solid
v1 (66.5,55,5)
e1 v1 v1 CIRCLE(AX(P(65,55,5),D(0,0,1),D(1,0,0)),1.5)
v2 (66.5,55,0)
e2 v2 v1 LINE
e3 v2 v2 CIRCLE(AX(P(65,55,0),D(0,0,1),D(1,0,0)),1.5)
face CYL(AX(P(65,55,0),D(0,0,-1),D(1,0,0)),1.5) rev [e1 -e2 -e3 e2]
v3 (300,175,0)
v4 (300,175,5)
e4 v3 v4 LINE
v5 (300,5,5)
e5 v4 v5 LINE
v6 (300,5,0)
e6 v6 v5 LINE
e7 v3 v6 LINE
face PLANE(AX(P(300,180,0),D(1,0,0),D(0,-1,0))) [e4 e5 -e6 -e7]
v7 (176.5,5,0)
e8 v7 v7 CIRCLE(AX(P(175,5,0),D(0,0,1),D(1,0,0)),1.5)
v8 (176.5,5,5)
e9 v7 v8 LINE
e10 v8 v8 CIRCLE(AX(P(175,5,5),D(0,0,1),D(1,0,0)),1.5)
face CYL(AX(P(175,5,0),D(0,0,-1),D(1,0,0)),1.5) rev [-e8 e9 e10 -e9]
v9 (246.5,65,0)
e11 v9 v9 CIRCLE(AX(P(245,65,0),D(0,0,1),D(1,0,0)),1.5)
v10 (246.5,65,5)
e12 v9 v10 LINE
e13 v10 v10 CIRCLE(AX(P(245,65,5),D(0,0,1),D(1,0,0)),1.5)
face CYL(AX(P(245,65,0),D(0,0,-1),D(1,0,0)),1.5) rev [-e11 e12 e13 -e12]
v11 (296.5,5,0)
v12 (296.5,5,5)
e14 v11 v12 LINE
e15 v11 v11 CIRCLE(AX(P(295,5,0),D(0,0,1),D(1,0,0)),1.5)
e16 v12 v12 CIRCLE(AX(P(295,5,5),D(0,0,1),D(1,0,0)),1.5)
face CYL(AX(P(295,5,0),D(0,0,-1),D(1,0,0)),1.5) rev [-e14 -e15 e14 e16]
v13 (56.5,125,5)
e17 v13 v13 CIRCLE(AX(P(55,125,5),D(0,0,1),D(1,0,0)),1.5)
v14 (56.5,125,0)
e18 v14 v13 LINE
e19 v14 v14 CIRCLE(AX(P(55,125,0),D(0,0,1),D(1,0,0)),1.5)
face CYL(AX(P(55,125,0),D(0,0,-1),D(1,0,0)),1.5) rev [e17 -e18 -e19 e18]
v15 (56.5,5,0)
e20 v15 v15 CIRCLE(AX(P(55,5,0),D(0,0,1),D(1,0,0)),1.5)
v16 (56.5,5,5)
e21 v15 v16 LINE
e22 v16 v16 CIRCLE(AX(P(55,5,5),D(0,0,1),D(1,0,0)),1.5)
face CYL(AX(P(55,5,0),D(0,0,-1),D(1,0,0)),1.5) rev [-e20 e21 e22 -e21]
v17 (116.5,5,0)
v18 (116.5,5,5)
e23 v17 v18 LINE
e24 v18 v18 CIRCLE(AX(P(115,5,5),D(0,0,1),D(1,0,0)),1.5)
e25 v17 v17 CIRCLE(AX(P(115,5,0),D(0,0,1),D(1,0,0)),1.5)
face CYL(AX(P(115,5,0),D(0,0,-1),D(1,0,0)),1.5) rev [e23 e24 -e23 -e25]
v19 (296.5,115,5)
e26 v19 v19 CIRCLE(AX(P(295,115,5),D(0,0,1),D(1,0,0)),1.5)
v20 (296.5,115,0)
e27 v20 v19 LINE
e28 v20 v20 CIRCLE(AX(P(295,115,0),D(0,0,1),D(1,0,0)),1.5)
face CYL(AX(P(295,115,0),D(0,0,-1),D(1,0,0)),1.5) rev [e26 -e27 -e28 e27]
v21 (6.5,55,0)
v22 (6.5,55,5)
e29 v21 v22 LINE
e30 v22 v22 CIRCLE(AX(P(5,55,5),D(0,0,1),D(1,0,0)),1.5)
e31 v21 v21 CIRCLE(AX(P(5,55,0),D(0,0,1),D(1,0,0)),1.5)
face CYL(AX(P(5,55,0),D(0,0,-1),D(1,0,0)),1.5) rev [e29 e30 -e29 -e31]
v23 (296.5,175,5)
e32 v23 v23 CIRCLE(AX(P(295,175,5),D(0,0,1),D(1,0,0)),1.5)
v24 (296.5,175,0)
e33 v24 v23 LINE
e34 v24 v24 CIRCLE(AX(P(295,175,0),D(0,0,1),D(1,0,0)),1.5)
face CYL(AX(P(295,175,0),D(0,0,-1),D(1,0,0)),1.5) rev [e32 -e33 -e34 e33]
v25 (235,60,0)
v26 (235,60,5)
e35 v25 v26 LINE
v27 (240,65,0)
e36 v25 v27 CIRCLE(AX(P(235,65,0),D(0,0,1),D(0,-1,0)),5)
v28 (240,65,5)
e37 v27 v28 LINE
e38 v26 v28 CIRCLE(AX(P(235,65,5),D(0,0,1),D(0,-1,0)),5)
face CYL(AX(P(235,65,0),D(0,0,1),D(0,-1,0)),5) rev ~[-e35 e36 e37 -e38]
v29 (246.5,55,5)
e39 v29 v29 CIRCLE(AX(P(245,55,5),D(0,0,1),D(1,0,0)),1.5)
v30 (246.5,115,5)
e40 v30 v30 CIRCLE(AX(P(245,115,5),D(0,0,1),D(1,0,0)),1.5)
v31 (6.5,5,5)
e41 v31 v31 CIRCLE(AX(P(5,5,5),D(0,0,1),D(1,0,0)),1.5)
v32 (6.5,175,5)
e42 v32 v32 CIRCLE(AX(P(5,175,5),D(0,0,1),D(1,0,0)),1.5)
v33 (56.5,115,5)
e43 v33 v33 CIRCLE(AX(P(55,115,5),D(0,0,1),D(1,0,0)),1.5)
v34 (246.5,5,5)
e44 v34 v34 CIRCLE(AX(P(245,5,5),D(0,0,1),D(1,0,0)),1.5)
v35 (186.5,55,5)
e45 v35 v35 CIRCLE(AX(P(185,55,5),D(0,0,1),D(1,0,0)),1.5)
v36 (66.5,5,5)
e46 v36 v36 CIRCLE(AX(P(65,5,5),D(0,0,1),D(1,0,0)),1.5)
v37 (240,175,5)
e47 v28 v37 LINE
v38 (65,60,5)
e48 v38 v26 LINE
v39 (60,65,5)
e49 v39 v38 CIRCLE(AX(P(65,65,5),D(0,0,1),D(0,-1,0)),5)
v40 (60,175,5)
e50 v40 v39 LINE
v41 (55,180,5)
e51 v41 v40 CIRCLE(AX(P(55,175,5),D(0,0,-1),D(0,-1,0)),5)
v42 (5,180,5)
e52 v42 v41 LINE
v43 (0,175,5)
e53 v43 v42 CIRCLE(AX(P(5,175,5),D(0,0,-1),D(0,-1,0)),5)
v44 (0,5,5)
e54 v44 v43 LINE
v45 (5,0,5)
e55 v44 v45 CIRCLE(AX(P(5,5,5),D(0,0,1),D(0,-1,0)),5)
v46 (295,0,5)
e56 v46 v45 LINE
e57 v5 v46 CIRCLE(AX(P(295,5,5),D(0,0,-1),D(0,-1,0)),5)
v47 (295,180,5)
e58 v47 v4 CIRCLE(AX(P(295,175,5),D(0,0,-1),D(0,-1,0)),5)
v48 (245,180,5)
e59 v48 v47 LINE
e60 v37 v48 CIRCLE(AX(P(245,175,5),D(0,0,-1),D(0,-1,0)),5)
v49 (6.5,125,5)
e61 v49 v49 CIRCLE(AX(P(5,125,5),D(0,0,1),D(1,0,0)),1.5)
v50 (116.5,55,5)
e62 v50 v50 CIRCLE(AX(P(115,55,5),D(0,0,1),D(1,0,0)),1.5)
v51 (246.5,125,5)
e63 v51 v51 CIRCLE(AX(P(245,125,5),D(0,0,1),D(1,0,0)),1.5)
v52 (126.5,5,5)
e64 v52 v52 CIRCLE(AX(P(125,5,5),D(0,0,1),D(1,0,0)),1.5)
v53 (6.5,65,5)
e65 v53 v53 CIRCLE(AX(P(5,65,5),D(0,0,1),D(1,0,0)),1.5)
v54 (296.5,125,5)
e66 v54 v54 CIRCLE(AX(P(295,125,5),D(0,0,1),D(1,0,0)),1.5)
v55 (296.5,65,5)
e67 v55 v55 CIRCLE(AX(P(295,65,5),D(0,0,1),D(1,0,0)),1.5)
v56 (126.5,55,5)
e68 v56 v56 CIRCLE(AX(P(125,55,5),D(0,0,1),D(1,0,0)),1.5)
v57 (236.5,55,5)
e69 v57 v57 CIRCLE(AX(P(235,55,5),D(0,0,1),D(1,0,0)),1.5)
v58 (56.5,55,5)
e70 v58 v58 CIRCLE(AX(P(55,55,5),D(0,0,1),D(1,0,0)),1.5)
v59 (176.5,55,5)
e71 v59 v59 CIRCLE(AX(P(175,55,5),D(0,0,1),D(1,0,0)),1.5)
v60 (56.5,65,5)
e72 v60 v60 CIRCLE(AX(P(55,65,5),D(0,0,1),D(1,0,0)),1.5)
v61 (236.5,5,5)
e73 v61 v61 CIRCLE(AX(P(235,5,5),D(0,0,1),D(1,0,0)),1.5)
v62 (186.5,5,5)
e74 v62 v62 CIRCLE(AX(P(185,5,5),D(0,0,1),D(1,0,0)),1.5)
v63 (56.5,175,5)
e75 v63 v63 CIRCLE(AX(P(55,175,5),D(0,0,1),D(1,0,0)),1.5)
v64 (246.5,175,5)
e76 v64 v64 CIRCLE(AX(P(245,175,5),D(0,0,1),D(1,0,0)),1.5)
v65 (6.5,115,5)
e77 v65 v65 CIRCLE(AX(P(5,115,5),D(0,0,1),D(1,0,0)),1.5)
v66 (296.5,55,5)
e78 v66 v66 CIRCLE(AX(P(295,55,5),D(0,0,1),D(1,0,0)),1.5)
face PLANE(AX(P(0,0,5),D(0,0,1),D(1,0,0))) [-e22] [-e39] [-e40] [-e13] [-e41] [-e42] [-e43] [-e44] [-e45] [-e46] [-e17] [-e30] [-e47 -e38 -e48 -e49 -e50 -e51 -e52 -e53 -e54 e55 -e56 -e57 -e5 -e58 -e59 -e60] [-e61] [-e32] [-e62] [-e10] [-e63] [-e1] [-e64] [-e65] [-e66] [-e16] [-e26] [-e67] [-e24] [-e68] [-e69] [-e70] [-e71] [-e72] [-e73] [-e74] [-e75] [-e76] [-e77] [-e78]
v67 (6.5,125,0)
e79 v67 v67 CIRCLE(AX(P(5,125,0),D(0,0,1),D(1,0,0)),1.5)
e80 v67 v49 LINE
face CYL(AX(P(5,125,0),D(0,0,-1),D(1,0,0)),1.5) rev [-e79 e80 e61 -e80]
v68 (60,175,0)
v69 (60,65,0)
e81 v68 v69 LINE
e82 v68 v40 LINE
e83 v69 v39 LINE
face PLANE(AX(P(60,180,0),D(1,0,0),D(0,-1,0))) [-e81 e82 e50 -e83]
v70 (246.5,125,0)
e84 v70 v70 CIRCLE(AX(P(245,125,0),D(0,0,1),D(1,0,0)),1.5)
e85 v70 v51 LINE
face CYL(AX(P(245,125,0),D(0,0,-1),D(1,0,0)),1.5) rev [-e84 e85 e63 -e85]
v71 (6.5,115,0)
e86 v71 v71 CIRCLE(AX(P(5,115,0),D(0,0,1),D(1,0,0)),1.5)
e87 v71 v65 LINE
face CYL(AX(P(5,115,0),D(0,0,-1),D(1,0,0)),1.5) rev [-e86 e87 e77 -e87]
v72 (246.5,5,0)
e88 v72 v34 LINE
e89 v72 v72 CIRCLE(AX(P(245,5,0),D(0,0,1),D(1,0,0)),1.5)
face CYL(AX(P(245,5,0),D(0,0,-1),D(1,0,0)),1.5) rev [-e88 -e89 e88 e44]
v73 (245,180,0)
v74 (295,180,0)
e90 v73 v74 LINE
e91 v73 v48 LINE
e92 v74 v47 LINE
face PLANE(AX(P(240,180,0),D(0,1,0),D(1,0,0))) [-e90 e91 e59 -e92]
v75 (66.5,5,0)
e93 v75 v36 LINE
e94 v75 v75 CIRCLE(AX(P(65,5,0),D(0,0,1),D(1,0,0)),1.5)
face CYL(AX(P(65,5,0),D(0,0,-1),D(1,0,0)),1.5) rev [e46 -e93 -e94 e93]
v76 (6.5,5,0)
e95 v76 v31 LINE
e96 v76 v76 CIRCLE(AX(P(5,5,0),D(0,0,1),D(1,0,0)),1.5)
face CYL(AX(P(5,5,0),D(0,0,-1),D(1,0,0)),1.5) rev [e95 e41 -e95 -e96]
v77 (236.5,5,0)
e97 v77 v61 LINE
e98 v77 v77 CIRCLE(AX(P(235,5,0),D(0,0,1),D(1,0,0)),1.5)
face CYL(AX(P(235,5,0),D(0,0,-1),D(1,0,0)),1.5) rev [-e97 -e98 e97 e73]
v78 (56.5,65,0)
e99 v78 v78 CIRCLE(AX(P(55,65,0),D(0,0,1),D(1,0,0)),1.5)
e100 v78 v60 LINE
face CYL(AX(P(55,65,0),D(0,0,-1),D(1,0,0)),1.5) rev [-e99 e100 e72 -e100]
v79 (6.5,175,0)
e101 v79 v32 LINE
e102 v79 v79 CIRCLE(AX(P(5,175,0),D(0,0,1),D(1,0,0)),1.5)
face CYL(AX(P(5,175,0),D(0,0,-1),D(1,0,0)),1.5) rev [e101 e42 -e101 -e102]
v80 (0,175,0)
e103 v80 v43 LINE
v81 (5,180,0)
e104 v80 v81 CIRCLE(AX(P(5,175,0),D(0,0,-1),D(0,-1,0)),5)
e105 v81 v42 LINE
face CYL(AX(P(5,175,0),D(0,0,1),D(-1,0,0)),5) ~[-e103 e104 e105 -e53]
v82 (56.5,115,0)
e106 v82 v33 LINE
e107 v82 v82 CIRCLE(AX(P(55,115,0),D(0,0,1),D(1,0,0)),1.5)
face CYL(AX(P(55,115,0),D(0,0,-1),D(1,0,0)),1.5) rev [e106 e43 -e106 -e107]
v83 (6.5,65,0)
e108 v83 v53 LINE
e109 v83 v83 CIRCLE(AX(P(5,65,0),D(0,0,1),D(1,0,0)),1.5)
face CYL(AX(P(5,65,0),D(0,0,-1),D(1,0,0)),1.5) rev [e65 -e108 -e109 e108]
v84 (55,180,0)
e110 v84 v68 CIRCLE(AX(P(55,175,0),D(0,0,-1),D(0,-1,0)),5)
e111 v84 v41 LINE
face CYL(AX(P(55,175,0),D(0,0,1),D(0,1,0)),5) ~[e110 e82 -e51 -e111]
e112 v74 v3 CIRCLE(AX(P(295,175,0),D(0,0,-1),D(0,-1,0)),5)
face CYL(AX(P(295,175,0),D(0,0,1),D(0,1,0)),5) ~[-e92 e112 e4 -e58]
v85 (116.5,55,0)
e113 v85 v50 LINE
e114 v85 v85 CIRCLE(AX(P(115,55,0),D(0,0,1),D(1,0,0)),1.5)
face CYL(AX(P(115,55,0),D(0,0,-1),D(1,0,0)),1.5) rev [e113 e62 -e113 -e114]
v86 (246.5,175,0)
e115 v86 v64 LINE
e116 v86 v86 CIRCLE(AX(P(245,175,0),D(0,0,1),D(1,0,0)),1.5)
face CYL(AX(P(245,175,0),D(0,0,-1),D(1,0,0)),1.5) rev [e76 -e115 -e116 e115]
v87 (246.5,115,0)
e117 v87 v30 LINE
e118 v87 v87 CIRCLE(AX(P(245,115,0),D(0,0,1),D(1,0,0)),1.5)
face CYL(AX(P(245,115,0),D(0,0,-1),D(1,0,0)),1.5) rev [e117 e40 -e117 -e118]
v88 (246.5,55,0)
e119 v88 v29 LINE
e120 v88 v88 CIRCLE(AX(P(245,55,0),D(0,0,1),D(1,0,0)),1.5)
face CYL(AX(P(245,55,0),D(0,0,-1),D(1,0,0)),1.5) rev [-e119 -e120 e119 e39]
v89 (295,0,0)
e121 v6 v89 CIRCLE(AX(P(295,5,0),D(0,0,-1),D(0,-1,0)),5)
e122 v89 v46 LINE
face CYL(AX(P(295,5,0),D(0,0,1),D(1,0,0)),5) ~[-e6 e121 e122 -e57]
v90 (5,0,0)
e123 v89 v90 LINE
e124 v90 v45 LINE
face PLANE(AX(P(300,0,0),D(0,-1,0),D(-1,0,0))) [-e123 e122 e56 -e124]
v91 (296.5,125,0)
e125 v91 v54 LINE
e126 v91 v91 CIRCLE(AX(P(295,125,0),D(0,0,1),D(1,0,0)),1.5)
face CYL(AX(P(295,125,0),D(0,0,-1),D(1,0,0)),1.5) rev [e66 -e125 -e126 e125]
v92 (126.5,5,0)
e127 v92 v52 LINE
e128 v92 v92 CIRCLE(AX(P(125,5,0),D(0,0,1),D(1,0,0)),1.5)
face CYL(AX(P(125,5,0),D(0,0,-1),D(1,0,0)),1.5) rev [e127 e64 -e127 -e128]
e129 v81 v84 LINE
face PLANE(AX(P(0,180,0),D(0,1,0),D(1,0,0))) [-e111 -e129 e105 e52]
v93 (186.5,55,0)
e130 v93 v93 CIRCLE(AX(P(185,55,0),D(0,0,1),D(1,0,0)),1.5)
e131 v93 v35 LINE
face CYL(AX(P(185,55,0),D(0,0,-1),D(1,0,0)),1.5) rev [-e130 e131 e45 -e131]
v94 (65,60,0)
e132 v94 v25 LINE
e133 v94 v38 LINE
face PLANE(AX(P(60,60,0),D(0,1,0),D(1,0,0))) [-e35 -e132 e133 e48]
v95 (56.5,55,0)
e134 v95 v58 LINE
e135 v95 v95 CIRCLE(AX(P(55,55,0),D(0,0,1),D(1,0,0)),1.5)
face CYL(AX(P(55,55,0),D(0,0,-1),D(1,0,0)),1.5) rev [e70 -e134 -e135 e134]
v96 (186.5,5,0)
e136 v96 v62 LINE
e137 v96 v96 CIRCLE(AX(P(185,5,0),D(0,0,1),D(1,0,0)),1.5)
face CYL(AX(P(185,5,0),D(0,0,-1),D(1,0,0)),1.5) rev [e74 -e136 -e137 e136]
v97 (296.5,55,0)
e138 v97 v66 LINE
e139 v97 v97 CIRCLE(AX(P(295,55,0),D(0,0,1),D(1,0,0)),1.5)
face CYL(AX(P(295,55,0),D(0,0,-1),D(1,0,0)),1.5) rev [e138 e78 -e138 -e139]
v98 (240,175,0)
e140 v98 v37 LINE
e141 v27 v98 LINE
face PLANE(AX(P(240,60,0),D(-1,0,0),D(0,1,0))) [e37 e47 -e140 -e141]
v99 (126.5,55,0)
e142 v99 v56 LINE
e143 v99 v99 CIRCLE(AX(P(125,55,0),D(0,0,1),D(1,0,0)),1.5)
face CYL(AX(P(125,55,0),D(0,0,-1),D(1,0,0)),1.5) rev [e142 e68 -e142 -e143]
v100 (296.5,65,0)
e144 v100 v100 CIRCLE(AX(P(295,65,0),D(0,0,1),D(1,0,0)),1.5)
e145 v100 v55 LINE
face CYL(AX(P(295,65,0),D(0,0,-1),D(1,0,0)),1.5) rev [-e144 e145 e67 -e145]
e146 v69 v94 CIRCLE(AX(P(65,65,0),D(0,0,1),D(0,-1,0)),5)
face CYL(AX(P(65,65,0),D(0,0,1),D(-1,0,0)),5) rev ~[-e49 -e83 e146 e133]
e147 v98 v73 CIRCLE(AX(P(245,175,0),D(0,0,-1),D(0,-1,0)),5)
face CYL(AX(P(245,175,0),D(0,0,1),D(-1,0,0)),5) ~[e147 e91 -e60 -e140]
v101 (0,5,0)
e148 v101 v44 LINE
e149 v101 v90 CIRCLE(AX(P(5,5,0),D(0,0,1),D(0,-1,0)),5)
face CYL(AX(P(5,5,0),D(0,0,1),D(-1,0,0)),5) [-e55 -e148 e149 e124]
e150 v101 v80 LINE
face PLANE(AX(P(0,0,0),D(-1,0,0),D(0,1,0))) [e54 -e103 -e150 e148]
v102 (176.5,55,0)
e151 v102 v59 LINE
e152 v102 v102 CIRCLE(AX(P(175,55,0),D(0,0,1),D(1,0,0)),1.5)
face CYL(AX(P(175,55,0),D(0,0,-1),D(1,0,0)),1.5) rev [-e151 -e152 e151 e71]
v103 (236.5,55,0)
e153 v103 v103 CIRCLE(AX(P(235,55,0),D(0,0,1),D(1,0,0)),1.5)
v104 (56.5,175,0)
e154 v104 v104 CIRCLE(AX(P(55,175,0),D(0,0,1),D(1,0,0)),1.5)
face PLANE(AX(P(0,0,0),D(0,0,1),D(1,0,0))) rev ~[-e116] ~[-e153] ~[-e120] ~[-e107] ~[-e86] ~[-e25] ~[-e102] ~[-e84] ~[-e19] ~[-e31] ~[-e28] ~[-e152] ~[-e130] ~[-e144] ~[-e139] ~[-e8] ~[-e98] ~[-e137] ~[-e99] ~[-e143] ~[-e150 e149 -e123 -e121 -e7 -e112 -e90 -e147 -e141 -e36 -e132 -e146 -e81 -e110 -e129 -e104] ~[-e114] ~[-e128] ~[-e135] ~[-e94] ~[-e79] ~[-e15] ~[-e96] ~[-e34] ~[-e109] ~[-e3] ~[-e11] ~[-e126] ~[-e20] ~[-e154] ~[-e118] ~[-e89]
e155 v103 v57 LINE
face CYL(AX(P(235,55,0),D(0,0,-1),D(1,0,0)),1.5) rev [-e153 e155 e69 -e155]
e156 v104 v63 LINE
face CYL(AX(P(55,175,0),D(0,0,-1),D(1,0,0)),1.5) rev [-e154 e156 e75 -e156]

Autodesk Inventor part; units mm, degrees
ref_plane "YZ Plane" through (0, 0, 0) normal (1, 0, 0) x (0, 1, 0)
ref_plane "XZ Plane" through (0, 0, 0) normal (0, 1, 0) x (-1, 0, 0)
ref_plane "XY Plane" through (0, 0, 0) normal (0, 0, 1) x (1, 0, 0)
sketch "Sketch1" plane through (0, 0, 0) normal (0, 0, 1) x (1, 0, 0)
  line L0 (0, 0) -> (0, 180)
  line L1 (0, 180) -> (60, 180)
  line L2 (60, 180) -> (60, 60)
  line L3 (60, 60) -> (240, 60)
  line L4 (240, 60) -> (240, 180)
  line L5 (240, 180) -> (300, 180)
  line L6 (300, 180) -> (300, 0)
  line L7 (300, 0) -> (0, 0)
  line L8 (60, 60) -> (0, 60) construction
  line L9 (60, 60) -> (60, 0) construction
  line L10 (240, 60) -> (300, 60) construction
  line L11 (240, 60) -> (240, 0) construction
  line L12 (240, 60) -> (180, 60) construction
  line L13 (180, 60) -> (180, 0) construction
  line L14 (180, 60) -> (120, 60) construction
  line L15 (120, 60) -> (120, 0) construction
  line L16 (240, 60) -> (240, 120) construction
  line L17 (240, 120) -> (300, 120) construction
  line L18 (60, 60) -> (60, 120) construction
  line L19 (60, 120) -> (0, 120) construction
  line L20 (0, 120) -> (60, 180) construction
  line L21 (0, 60) -> (60, 120) construction
  line L22 (0, 0) -> (60, 60) construction
  line L23 (60, 0) -> (120, 60) construction
  line L24 (120, 0) -> (180, 60) construction
  line L25 (180, 0) -> (240, 60) construction
  line L26 (240, 0) -> (300, 60) construction
  line L27 (240, 60) -> (300, 120) construction
  line L28 (240, 120) -> (300, 180) construction
  line L29 (5, 175) -> (55, 175) construction
  line L30 (55, 175) -> (55, 125) construction
  line L31 (55, 125) -> (5, 125) construction
  line L32 (5, 125) -> (5, 175) construction
  line L33 (5, 175) -> (55, 125) construction
  line L34 (55, 175) -> (5, 125) construction
  line L35 (5, 115) -> (55, 115) construction
  line L36 (55, 115) -> (55, 65) construction
  line L37 (55, 65) -> (5, 65) construction
  line L38 (5, 65) -> (5, 115) construction
  line L39 (5, 115) -> (55, 65) construction
  line L40 (55, 115) -> (5, 65) construction
  line L41 (5, 55) -> (55, 55) construction
  line L42 (55, 55) -> (55, 5) construction
  line L43 (55, 5) -> (5, 5) construction
  line L44 (5, 5) -> (5, 55) construction
  line L45 (5, 55) -> (55, 5) construction
  line L46 (55, 55) -> (5, 5) construction
  line L47 (65, 55) -> (115, 55) construction
  line L48 (115, 55) -> (115, 5) construction
  line L49 (115, 5) -> (65, 5) construction
  line L50 (65, 5) -> (65, 55) construction
  line L51 (65, 55) -> (115, 5) construction
  line L52 (115, 55) -> (65, 5) construction
  line L53 (125, 5) -> (175, 5) construction
  line L54 (175, 5) -> (175, 55) construction
  line L55 (175, 55) -> (125, 55) construction
  line L56 (125, 55) -> (125, 5) construction
  line L57 (125, 5) -> (175, 55) construction
  line L58 (175, 5) -> (125, 55) construction
  line L59 (185, 5) -> (235, 5) construction
  line L60 (235, 5) -> (235, 55) construction
  line L61 (235, 55) -> (185, 55) construction
  line L62 (185, 55) -> (185, 5) construction
  line L63 (185, 5) -> (235, 55) construction
  line L64 (235, 5) -> (185, 55) construction
  line L65 (245, 5) -> (295, 5) construction
  line L66 (295, 5) -> (295, 55) construction
  line L67 (295, 55) -> (245, 55) construction
  line L68 (245, 55) -> (245, 5) construction
  line L69 (245, 5) -> (295, 55) construction
  line L70 (295, 5) -> (245, 55) construction
  line L71 (295, 65) -> (245, 65) construction
  line L72 (245, 65) -> (245, 115) construction
  line L73 (245, 115) -> (295, 115) construction
  line L74 (295, 115) -> (295, 65) construction
  line L75 (295, 65) -> (245, 115) construction
  line L76 (245, 65) -> (295, 115) construction
  line L77 (245, 125) -> (295, 125) construction
  line L78 (295, 125) -> (295, 175) construction
  line L79 (295, 175) -> (245, 175) construction
  line L80 (245, 175) -> (245, 125) construction
  line L81 (245, 125) -> (295, 175) construction
  line L82 (295, 125) -> (245, 175) construction
  circle A0 centre (245, 175) radius 1.5
  circle A1 centre (295, 175) radius 1.5
  circle A2 centre (295, 125) radius 1.5
  circle A3 centre (245, 125) radius 1.5
  circle A4 centre (245, 115) radius 1.5
  circle A5 centre (295, 115) radius 1.5
  circle A6 centre (295, 65) radius 1.5
  circle A7 centre (245, 65) radius 1.5
  circle A8 centre (245, 55) radius 1.5
  circle A9 centre (295, 55) radius 1.5
  circle A10 centre (295, 5) radius 1.5
  circle A11 centre (245, 5) radius 1.5
  circle A12 centre (235, 55) radius 1.5
  circle A13 centre (185, 55) radius 1.5
  circle A14 centre (185, 5) radius 1.5
  circle A15 centre (235, 5) radius 1.5
  circle A16 centre (125, 55) radius 1.5
  circle A17 centre (175, 55) radius 1.5
  circle A18 centre (175, 5) radius 1.5
  circle A19 centre (125, 5) radius 1.5
  circle A20 centre (115, 55) radius 1.5
  circle A21 centre (65, 55) radius 1.5
  circle A22 centre (65, 5) radius 1.5
  circle A23 centre (115, 5) radius 1.5
  circle A24 centre (5, 55) radius 1.5
  circle A25 centre (55, 55) radius 1.5
  circle A26 centre (55, 5) radius 1.5
  circle A27 centre (5, 5) radius 1.5
  circle A28 centre (5, 65) radius 1.5
  circle A29 centre (55, 65) radius 1.5
  circle A30 centre (5, 115) radius 1.5
  circle A31 centre (55, 115) radius 1.5
  circle A32 centre (5, 125) radius 1.5
  circle A33 centre (55, 125) radius 1.5
  circle A34 centre (5, 175) radius 1.5
  circle A35 centre (55, 175) radius 1.5
  point P0 (30, 150)
  point P1 (30, 90)
  point P2 (30, 30)
  point P3 (90, 30)
  point P4 (150, 30)
  point P5 (210, 30)
  point P6 (270, 30)
  point P7 (270, 90)
  point P8 (270, 150)
  dimension "d0" = 180
  dimension "d1" = 60
  dimension "d2" = 120
  dimension "d3" = 180
  dimension "d4" = 60
  dimension "d5" = 60
  dimension "d6" = 60
  dimension "d7" = 60
  dimension "d8" = 60
  dimension "d9" = 50
  dimension "d10" = 50
  dimension "d11" = 50
  dimension "d12" = 50
  dimension "d13" = 50
  dimension "d14" = 50
  dimension "d15" = 50
  dimension "d16" = 50
  dimension "d17" = 50
  dimension "d18" = 50
  dimension "d19" = 50
  dimension "d20" = 50
  dimension "d21" = 50
  dimension "d22" = 50
  dimension "d23" = 50
  dimension "d24" = 50
  dimension "d25" = 50
  dimension "d26" = 50
  dimension "d27" = 3
  dimension "d28" = 3
  dimension "d29" = 3
  dimension "d30" = 3
  dimension "d31" = 3
  dimension "d32" = 3
  dimension "d33" = 3
  dimension "d34" = 3
  dimension "d35" = 3
  dimension "d36" = 3
  dimension "d37" = 3
  dimension "d38" = 3
  dimension "d39" = 3
  dimension "d40" = 3
  dimension "d41" = 3
  dimension "d42" = 3
  dimension "d43" = 3
  dimension "d44" = 3
  dimension "d45" = 3
  dimension "d46" = 3
  dimension "d47" = 3
  dimension "d48" = 3
  dimension "d49" = 3
  dimension "d50" = 3
  dimension "d51" = 3
  dimension "d52" = 3
  dimension "d53" = 3
  dimension "d54" = 3
  dimension "d55" = 3
  dimension "d56" = 3
  dimension "d57" = 3
  dimension "d58" = 3
  dimension "d59" = 3
  dimension "d60" = 3
  dimension "d61" = 3
  dimension "d62" = 3
extrude "Extrusion1" add sketch "Sketch1" along normal blind 5
fillet "Fillet1" radius 5 8 edges at (0, 180, 2.5) (60, 180, 2.5) (60, 60, 2.5) (0, 0, 2.5) (240, 60, 2.5) (300, 0, 2.5) (240, 180, 2.5) (300, 180, 2.5)
properties part number "InnerFrame"
